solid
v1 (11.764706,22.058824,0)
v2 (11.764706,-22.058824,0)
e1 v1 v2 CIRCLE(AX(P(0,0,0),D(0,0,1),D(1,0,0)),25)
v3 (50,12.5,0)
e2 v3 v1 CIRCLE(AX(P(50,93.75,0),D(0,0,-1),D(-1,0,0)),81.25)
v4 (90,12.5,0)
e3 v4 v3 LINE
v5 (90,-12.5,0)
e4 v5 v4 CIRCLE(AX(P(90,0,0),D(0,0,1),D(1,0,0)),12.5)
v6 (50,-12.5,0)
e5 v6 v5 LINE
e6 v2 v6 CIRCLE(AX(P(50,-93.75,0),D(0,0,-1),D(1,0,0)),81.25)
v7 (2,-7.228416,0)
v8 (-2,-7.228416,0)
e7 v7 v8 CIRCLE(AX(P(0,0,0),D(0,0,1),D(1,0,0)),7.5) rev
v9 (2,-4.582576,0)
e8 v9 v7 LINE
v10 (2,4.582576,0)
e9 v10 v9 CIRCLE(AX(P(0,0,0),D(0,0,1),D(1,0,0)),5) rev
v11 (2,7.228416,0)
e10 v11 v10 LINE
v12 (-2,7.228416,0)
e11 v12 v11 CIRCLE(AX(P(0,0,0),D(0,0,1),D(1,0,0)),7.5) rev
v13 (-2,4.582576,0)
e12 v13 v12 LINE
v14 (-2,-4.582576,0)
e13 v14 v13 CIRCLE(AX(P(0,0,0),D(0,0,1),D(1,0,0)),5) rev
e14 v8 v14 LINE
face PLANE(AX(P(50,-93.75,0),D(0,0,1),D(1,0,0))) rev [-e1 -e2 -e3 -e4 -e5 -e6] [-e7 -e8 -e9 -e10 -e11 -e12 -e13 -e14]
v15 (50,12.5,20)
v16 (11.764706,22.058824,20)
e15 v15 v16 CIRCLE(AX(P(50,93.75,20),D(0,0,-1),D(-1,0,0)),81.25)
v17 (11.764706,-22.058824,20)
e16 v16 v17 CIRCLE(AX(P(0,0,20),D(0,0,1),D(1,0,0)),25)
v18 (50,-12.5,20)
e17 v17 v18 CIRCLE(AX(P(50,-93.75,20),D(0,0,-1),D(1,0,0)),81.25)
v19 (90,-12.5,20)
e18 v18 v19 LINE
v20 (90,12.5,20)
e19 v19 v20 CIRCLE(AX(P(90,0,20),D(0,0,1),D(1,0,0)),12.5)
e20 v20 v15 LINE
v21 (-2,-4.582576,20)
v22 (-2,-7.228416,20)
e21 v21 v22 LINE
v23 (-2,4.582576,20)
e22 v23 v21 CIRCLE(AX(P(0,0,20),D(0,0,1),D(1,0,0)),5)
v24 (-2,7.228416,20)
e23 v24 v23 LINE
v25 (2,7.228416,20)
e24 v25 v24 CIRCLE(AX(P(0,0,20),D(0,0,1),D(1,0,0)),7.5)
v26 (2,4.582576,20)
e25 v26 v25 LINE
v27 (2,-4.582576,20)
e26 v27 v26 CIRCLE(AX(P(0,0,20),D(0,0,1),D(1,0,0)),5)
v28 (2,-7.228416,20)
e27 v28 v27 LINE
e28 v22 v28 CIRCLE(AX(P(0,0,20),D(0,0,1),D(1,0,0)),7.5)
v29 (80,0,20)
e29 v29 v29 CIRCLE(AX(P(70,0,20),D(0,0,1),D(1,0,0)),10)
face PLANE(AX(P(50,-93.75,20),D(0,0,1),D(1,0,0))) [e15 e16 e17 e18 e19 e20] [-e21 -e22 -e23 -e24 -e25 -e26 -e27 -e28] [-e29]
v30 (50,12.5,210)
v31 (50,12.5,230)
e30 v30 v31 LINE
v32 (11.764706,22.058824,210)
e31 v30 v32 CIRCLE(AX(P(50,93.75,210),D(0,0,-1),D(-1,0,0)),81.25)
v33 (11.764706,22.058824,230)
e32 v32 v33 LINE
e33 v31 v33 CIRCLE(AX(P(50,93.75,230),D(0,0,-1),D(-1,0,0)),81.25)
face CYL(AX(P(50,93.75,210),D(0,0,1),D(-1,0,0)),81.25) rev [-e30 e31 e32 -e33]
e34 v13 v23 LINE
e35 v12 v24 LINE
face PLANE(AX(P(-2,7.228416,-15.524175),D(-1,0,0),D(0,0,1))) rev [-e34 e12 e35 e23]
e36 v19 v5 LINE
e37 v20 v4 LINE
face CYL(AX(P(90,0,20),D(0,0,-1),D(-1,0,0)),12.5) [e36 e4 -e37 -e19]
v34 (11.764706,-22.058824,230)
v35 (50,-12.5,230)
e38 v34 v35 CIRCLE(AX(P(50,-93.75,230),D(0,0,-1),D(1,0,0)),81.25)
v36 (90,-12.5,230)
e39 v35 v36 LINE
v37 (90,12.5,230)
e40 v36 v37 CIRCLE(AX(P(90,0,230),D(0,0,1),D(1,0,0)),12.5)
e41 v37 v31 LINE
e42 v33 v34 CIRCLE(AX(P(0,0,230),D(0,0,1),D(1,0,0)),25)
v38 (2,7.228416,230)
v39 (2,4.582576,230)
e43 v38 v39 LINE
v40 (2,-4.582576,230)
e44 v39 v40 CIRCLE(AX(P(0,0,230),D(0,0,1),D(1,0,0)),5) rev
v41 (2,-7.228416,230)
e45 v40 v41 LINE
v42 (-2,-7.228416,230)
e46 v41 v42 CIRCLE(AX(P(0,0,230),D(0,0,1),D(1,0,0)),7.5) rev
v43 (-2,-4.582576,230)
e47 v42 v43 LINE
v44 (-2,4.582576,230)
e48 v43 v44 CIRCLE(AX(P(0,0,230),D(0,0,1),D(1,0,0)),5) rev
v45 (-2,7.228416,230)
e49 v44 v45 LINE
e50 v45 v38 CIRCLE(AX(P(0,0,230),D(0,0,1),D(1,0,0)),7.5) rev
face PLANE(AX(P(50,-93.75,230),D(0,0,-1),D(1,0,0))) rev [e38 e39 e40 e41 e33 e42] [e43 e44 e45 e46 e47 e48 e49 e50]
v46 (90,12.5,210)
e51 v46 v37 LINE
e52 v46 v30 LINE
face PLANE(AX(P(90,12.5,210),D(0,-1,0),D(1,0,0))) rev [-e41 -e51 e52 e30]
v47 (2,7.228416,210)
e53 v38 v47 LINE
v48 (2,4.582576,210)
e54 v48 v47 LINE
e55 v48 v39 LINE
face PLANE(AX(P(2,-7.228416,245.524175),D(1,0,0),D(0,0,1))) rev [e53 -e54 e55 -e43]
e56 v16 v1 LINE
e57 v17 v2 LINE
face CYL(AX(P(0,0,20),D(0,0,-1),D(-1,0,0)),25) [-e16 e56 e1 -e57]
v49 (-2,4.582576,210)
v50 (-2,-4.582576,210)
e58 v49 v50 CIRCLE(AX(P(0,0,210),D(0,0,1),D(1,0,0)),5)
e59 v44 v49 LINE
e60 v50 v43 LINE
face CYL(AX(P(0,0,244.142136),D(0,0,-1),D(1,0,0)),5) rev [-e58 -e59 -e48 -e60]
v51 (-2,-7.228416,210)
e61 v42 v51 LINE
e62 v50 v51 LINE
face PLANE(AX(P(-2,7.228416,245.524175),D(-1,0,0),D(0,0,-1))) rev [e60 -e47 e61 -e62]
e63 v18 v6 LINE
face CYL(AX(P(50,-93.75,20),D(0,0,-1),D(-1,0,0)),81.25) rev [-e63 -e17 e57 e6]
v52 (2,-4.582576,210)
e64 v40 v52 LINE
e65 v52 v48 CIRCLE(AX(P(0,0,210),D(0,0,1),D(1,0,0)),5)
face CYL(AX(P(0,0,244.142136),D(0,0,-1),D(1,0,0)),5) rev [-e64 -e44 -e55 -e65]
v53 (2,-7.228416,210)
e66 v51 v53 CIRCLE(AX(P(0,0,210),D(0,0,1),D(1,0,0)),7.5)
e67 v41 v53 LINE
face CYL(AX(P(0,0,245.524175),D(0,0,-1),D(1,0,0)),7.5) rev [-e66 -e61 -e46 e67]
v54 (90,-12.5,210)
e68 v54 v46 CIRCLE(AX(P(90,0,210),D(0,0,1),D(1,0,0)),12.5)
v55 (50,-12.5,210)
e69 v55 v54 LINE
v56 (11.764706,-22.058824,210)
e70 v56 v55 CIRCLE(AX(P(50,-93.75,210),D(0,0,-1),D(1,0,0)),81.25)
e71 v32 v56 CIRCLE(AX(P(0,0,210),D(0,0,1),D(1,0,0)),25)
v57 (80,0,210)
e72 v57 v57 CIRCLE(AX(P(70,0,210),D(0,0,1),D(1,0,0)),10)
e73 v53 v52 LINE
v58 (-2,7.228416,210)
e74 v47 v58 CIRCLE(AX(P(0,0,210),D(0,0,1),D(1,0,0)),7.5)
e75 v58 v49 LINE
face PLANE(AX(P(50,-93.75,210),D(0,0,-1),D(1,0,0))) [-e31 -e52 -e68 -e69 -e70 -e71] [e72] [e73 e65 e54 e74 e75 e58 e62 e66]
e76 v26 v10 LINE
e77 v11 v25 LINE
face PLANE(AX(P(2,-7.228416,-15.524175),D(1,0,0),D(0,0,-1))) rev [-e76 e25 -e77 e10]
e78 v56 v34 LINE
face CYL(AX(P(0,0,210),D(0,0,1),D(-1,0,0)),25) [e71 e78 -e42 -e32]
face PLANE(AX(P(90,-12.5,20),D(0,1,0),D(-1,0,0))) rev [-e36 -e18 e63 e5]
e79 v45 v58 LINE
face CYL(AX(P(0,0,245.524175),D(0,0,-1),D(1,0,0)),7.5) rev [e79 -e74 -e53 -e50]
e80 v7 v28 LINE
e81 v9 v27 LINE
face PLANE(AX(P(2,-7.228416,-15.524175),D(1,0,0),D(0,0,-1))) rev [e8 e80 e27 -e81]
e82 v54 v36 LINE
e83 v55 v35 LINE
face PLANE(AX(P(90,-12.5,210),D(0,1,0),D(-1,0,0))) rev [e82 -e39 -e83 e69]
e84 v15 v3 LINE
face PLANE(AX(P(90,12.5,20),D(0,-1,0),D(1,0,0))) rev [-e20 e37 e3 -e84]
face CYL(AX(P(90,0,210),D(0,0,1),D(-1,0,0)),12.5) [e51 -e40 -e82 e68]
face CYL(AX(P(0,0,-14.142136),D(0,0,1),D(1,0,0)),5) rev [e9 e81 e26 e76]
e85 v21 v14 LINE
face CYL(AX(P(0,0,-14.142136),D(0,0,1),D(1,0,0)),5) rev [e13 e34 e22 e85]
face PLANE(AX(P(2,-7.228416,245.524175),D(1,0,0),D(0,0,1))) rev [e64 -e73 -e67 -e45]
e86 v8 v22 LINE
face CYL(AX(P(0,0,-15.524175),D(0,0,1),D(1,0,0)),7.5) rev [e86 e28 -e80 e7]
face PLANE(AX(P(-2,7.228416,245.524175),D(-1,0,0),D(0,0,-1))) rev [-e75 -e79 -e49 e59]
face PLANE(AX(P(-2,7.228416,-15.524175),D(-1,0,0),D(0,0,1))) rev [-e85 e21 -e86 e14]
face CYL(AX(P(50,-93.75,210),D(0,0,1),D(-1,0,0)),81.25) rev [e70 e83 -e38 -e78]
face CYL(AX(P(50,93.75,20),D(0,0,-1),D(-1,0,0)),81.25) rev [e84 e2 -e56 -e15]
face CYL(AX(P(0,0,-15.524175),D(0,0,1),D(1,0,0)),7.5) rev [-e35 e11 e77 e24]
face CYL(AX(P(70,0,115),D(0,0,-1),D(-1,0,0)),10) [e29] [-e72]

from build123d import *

# Parameters (mm, degrees)
BOSS_EXTRUDE1_DEPTH = 20
SKETCH2_R           = 5
CUT_EXTRUDE1_DEPTH  = 20
CUT_EXTRUDE2_DEPTH  = 20
SKETCH6_R           = 10
BOSS_EXTRUDE2_DEPTH = 95


with BuildPart() as part:
    # Sketch1 → Boss-Extrude1 (new body)
    with BuildSketch(Plane.XY):
        with BuildLine():
            Line((90, 12.5), (50, 12.5))
            ThreePointArc((50, 12.5), (30.293980466, 14.925921863), (11.764705882, 22.058823529))
            ThreePointArc((11.764705882, 22.058823529), (-25, 0), (11.764705882, -22.058823529))
            ThreePointArc((11.764705882, -22.058823529), (30.293980466, -14.925921863), (50, -12.5))
            Line((50, -12.5), (90, -12.5))
            ThreePointArc((90, -12.5), (102.5, 0), (90, 12.5))
        make_face()
    extrude(amount=BOSS_EXTRUDE1_DEPTH)

    # Sketch2 → Cut-Extrude1 (cut)
    with BuildSketch(Plane.XY.offset(20)):
        Circle(SKETCH2_R)
    extrude(amount=-CUT_EXTRUDE1_DEPTH, mode=Mode.SUBTRACT)

    # Sketch5 → Cut-Extrude2 (cut)
    with BuildSketch(Plane.XY.offset(20)):
        with BuildLine():
            Line((-2, 7.228416147), (-2, -7.228416147))
            ThreePointArc((-2, -7.228416147), (0, -7.5), (2, -7.228416147))
            Line((2, -7.228416147), (2, 7.228416147))
            ThreePointArc((2, 7.228416147), (0, 7.5), (-2, 7.228416147))
        make_face()
    extrude(amount=-CUT_EXTRUDE2_DEPTH, mode=Mode.SUBTRACT)

    # Sketch6 → Boss-Extrude2 (add)
    with BuildSketch(Plane.XY.offset(20)):
        with Locations((70, 0)):
            Circle(SKETCH6_R)
    extrude(amount=BOSS_EXTRUDE2_DEPTH)

    # Mirror1: part across plane


with BuildPart() as part_1:
    add(part.part)
    add(part.part.mirror(Plane(origin=(70, 0, 115), x_dir=(1, 0, 0), z_dir=(0, 0, 1))))


solid = part_1.part
